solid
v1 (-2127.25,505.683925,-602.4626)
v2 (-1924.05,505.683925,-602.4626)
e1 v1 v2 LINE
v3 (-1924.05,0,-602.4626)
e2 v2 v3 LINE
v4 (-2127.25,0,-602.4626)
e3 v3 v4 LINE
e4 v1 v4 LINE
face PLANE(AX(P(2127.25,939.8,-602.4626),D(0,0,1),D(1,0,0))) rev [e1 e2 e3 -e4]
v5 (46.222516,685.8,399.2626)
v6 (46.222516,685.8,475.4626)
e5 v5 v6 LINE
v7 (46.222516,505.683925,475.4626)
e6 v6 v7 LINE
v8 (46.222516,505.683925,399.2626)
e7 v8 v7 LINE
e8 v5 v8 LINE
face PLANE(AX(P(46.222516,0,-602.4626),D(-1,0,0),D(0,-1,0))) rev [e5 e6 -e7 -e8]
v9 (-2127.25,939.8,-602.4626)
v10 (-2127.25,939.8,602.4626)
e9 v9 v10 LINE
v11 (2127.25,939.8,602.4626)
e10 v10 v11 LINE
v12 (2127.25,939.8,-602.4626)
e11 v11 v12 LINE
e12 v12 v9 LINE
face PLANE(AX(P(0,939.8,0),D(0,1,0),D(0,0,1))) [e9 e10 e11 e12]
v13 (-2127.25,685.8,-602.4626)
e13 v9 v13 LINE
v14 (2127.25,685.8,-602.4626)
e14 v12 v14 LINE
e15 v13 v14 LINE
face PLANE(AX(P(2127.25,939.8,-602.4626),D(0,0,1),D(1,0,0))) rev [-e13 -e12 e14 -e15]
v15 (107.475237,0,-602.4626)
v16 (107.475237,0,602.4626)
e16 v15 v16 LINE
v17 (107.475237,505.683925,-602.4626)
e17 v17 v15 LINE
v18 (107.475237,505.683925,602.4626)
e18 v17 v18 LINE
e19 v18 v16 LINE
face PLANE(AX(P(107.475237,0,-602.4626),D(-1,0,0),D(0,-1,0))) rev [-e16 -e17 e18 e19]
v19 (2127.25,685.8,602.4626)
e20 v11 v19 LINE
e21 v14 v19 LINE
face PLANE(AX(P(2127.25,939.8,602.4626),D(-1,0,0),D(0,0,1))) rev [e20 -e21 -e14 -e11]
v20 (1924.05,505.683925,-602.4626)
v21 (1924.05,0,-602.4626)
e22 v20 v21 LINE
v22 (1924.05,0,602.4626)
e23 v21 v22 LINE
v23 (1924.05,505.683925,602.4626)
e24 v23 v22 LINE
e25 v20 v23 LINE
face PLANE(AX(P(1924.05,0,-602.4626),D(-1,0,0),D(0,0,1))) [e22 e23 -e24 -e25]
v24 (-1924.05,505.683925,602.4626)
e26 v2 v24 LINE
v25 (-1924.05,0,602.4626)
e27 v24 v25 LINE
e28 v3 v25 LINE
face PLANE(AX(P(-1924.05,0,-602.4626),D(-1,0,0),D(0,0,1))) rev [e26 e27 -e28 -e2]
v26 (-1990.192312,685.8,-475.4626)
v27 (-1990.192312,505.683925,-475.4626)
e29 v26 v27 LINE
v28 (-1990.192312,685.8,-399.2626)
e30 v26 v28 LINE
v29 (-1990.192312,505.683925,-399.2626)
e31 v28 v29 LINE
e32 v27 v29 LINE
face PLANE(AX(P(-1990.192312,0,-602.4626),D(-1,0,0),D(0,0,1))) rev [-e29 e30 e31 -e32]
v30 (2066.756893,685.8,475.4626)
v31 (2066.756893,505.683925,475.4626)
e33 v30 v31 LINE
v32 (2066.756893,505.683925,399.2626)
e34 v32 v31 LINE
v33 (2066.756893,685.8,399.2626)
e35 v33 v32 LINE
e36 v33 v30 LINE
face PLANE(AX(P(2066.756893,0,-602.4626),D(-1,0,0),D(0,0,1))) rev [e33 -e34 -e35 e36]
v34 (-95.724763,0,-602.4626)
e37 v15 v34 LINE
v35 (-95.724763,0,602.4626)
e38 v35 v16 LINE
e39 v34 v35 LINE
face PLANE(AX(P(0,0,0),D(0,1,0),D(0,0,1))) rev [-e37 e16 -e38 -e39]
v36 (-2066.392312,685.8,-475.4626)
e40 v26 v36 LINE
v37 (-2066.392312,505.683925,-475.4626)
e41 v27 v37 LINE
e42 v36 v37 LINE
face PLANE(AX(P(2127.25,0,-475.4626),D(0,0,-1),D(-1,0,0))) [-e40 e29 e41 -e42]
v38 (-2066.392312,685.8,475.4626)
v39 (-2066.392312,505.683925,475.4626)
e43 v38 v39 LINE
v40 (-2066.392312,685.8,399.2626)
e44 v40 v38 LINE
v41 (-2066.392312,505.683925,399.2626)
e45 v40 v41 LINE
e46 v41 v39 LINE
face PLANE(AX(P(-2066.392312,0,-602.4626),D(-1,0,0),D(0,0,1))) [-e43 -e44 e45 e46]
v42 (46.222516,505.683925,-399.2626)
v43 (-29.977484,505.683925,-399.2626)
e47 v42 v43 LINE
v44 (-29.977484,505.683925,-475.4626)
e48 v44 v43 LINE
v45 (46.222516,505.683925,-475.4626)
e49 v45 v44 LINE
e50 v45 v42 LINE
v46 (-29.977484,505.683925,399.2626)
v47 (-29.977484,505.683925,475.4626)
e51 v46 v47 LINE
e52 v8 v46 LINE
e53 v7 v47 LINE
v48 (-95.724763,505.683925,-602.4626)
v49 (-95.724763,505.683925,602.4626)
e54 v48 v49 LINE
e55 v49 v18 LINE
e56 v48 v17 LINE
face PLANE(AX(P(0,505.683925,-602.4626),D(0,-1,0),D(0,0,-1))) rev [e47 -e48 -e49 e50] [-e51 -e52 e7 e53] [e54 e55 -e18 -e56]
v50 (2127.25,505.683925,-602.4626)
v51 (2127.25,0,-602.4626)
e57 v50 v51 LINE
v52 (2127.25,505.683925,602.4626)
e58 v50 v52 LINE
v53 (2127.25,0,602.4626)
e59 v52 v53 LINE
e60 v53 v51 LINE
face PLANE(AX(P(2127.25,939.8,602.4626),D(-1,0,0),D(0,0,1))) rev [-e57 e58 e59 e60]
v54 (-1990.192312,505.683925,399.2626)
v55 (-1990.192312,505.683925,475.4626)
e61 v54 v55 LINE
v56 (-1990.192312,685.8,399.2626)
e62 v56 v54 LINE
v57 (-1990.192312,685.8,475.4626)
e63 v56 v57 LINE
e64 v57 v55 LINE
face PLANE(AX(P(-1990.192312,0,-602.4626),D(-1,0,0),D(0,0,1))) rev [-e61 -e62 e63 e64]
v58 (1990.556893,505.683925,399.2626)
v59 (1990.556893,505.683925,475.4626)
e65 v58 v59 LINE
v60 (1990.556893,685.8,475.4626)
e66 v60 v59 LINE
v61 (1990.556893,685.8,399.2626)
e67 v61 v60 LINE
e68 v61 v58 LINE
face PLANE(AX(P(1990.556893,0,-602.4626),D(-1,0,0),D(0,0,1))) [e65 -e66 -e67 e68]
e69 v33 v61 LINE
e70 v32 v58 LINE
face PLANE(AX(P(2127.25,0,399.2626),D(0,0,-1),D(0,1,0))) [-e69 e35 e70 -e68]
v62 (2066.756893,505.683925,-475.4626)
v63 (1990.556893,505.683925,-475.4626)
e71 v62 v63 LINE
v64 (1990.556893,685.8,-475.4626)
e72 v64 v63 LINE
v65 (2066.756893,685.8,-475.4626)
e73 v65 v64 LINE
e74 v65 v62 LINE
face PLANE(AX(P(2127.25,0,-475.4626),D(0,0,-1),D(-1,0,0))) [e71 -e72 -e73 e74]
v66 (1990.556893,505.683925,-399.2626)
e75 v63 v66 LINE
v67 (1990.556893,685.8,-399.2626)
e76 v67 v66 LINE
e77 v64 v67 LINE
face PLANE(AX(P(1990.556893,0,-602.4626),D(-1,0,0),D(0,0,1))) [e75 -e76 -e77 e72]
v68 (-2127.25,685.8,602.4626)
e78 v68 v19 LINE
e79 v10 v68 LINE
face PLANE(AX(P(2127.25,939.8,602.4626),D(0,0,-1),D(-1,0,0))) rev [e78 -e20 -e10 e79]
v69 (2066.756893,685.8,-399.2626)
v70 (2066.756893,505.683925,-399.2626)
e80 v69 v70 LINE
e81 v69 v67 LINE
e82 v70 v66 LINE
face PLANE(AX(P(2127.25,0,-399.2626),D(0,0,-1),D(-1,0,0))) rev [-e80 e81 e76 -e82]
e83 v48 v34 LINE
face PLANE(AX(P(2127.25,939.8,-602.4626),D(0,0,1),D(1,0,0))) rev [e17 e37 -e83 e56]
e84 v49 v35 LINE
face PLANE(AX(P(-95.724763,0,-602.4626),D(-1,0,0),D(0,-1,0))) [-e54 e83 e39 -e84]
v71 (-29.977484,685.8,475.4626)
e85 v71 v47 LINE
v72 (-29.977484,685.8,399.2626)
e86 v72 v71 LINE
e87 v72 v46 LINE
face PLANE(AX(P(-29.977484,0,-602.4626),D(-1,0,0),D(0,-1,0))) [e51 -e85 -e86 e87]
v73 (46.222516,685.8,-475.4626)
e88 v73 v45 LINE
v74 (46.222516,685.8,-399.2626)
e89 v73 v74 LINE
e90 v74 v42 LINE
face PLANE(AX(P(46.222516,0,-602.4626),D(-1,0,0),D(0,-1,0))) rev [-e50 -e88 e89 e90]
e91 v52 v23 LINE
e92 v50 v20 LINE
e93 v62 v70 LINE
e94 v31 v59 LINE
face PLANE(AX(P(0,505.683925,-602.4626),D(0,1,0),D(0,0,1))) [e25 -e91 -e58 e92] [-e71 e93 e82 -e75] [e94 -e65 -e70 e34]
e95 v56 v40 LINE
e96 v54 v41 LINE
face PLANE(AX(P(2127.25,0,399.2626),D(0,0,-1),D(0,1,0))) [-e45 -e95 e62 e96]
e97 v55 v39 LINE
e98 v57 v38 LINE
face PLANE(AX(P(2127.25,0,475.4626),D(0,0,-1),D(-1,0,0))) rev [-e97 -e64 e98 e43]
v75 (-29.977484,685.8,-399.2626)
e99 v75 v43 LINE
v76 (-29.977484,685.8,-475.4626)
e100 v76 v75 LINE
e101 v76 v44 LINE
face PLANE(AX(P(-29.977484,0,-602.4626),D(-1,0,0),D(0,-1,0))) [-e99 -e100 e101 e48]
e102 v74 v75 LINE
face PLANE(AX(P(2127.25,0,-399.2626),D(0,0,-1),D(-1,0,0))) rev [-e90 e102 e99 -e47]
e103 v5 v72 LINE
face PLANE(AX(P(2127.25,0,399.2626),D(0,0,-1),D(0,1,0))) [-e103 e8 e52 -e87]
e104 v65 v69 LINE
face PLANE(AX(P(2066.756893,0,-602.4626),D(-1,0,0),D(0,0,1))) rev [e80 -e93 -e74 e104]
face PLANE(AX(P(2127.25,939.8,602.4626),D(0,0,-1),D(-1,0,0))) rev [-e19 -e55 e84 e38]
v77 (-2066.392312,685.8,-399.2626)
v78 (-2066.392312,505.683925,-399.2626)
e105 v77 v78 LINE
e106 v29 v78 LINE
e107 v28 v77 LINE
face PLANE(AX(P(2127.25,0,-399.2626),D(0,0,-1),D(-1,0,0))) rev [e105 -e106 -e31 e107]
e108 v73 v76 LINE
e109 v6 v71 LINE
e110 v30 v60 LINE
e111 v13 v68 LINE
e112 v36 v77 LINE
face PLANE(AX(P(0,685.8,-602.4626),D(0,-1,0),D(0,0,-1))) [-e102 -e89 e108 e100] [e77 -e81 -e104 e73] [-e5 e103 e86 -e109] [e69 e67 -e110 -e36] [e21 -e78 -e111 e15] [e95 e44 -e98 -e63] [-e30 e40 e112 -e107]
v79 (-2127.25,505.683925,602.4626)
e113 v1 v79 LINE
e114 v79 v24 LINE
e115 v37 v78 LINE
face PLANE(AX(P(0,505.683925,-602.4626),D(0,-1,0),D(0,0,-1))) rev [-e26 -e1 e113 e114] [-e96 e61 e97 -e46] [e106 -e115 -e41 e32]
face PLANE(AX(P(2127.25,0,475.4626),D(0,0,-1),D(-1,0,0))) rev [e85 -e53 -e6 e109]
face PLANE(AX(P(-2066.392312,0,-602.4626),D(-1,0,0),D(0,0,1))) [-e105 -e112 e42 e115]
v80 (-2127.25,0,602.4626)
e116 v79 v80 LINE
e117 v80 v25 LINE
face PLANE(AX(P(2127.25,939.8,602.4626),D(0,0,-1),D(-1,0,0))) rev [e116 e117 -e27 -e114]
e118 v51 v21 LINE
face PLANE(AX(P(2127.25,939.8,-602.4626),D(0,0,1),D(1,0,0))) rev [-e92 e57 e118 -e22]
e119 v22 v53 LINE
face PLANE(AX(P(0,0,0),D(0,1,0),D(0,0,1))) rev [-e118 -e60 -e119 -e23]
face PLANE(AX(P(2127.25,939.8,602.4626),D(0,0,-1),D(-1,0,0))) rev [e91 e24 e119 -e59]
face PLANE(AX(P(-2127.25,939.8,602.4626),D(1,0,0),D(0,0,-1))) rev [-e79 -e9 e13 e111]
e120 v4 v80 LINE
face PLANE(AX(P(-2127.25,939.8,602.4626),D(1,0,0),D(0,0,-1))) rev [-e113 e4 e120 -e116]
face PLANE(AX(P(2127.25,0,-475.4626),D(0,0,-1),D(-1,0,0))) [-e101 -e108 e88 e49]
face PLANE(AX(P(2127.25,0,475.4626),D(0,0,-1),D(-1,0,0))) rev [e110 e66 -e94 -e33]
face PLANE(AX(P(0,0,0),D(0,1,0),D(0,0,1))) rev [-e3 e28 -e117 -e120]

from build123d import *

# Parameters (mm, degrees)
SKETCH1_W           = 4254.5
SKETCH1_H           = 1204.9252
BOSS_EXTRUDE1_DEPTH = 939.8
SKETCH2_W           = 60.857687965
SKETCH2_H           = 180.116075376
SKETCH2_W_2         = 60.49310688
CUT_EXTRUDE1_DEPTH  = 1205.9252
SKETCH3_W           = 127
SKETCH3_H           = 180.116075376
SKETCH3_W_2         = 798.5252
CUT_EXTRUDE2_DEPTH  = 4255.5


with BuildPart() as part:
    # Sketch1 → Boss-Extrude1 (new body)
    with BuildSketch(Plane(origin=(0, 0, 0), x_dir=(1, 0, 0), z_dir=(0, 1, 0))):
        Rectangle(SKETCH1_W, SKETCH1_H)
    extrude(amount=BOSS_EXTRUDE1_DEPTH)

    # Sketch2 → Cut-Extrude1 (cut, through all)
    with BuildSketch(Plane.XY.offset(602.4626)):
        with Locations((-2096.821156018, 595.741962312)):
            Rectangle(SKETCH2_W, SKETCH2_H)
        Polygon((-29.977483529, 685.8), (-1990.192312035, 685.8), (-1990.192312035, 505.683924624), (-1924.05, 505.683924624), (-1924.05, 0), (-95.72476265, 0), (-95.72476265, 505.683924624), (-29.977483529, 505.683924624), align=None)
        Polygon((1990.55689312, 685.8), (46.222516471, 685.8), (46.222516471, 505.683924624), (107.47523735, 505.683924624), (107.47523735, 0), (1924.05, 0), (1924.05, 505.683924624), (1990.55689312, 505.683924624), align=None)
        with Locations((2097.00344656, 595.741962312)):
            Rectangle(SKETCH2_W_2, SKETCH2_H)
    extrude(amount=-CUT_EXTRUDE1_DEPTH, mode=Mode.SUBTRACT)

    # Sketch3 → Cut-Extrude2 (cut, through all)
    with BuildSketch(Plane.ZY.offset(2127.25)):
        with Locations((-538.9626, 595.741962312)):
            Rectangle(SKETCH3_W, SKETCH3_H)
        with Locations((0, 595.741962312)):
            Rectangle(SKETCH3_W_2, SKETCH3_H)
        with Locations((538.9626, 595.741962312)):
            Rectangle(SKETCH3_W, SKETCH3_H)
    extrude(amount=-CUT_EXTRUDE2_DEPTH, mode=Mode.SUBTRACT)


solid = part.part
